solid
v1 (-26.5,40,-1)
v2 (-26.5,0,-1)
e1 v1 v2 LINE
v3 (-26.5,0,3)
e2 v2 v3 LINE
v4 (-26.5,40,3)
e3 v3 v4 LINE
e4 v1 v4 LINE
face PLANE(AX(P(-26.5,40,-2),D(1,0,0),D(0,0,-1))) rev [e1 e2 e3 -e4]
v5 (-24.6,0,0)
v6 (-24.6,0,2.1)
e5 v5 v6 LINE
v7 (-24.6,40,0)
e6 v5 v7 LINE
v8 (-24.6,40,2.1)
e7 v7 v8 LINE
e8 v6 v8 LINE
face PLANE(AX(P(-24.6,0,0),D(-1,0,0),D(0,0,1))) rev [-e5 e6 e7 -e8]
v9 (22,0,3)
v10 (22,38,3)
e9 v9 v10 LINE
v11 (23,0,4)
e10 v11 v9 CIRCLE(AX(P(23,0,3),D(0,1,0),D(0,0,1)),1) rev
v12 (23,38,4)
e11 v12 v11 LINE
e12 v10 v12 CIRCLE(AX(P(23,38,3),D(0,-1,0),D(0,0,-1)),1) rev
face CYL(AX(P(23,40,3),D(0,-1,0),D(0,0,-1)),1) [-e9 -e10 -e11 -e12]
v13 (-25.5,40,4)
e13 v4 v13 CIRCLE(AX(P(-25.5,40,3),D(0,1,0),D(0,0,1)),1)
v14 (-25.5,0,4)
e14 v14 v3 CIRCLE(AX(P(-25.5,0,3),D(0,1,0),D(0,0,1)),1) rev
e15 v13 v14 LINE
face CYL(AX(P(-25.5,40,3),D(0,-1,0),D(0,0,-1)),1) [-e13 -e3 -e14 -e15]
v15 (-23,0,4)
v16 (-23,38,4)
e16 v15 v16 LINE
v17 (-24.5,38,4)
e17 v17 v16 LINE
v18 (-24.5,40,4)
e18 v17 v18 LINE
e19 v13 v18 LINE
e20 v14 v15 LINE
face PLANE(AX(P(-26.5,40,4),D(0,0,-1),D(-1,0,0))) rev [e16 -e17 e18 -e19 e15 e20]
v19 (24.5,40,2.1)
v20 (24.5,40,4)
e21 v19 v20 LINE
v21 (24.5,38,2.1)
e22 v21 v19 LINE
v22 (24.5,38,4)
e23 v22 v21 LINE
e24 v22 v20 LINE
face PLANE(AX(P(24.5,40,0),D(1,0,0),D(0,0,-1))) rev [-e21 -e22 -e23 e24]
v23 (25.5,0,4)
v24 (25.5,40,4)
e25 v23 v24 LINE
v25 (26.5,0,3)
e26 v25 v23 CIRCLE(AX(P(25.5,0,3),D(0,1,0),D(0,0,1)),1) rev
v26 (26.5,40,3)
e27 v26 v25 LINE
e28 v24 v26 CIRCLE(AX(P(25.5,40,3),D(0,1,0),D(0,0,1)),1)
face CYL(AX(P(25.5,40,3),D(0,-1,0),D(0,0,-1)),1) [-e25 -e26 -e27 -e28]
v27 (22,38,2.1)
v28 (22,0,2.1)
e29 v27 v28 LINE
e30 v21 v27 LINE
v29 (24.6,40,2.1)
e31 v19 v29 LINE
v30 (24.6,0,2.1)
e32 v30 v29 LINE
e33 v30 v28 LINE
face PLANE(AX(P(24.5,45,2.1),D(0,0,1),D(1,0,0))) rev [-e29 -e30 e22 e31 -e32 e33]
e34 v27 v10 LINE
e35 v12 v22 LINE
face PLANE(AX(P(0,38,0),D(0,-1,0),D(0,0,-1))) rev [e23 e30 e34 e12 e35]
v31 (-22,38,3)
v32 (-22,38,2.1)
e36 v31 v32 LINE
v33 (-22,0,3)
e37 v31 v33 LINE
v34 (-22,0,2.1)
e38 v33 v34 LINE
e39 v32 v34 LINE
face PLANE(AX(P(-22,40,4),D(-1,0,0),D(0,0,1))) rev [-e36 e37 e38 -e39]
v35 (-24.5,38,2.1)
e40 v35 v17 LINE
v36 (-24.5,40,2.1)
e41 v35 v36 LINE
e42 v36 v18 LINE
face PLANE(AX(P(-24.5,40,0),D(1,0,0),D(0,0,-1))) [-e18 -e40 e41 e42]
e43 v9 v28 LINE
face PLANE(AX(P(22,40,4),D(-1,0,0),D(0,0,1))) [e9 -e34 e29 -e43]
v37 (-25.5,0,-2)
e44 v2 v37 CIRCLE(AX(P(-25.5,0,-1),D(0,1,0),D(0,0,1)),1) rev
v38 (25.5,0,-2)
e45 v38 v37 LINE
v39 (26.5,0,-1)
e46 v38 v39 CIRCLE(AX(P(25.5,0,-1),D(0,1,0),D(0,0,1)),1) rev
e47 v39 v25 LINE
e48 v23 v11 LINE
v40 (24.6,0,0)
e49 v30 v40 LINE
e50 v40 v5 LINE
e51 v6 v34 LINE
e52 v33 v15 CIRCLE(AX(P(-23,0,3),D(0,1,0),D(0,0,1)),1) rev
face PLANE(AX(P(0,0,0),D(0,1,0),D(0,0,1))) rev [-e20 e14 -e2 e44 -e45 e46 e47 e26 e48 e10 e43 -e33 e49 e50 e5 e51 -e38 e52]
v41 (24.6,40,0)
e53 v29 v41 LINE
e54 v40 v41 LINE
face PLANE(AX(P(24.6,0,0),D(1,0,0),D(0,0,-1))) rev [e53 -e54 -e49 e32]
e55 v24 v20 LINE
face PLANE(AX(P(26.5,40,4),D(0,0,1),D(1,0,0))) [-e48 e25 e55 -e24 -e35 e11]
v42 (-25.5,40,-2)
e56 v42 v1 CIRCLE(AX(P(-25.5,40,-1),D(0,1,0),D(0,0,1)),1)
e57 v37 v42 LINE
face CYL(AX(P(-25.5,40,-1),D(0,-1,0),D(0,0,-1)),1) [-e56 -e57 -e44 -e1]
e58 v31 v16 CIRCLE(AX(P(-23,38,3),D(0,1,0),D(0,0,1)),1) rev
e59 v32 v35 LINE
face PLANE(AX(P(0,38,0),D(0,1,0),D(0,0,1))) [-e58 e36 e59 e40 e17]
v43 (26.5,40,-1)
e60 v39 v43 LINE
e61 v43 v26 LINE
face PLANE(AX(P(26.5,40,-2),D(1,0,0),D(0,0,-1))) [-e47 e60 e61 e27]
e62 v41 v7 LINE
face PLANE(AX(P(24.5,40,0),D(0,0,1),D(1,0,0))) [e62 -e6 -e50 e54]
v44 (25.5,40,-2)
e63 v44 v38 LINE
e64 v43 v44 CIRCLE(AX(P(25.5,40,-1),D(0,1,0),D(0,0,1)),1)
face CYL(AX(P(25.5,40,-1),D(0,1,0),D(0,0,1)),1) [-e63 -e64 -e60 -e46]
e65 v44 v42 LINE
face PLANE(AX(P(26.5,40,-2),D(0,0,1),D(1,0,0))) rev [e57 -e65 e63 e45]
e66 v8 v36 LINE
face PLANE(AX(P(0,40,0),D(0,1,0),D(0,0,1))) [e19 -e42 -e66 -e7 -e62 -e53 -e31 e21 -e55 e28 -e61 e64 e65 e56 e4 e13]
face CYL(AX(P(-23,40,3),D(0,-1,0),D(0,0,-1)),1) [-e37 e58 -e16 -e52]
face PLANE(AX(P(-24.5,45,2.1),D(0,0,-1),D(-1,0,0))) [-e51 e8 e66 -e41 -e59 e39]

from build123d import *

# Parameters (mm, degrees)
BOSS_EXTRUDE1_DEPTH = 40
FILLET1_R           = 1
SKETCH3_W           = 3.059746362
SKETCH3_H           = 2.82490347
CUT_EXTRUDE1_DEPTH  = 2
SKETCH2_W           = 2.5
SKETCH2_H           = 2
SKETCH2_H_2         = 2.1
CUT_EXTRUDE2_DEPTH  = 45
SKETCH6_W           = 0.1
SKETCH6_H           = 2.1
CUT_EXTRUDE3_DEPTH  = 40


with BuildPart() as part:
    # Sketch1 → Boss-Extrude1 (new body)
    with BuildSketch(Plane(origin=(0, 0, 0), x_dir=(1, 0, 0), z_dir=(0, 1, 0))):
        Polygon((26.5, 2), (-26.5, 2), (-26.5, -4), (-22, -4), (-22, -2), (-24.5, -2), (-24.5, 0), (24.5, 0), (24.5, -2), (22, -2), (22, -4), (26.5, -4), align=None)
    extrude(amount=BOSS_EXTRUDE1_DEPTH)

    # Fillet1
    fillet1_edges = [part.edges().sort_by_distance(p)[0] for p in [
        (22, 20, 4),
        (26.5, 20, 4),
        (26.5, 20, -2),
        (-26.5, 20, -2),
        (-26.5, 20, 4),
        (-22, 20, 4),
    ]]
    fillet(fillet1_edges, radius=FILLET1_R)

    # Sketch3 → Cut-Extrude1 (cut)
    with BuildSketch(Plane(origin=(0, 40, 0), x_dir=(1, 0, 0), z_dir=(0, 1, 0))):
        Polygon((-24.5, -4.82490347), (-21.440253638, -4.82490347), (-21.343886973, -2.1), (-24.5, -2.1), align=None)
        with Locations((22.970126819, -3.412451735)):
            Rectangle(SKETCH3_W, SKETCH3_H)
    extrude(amount=-CUT_EXTRUDE1_DEPTH, mode=Mode.SUBTRACT)

    # Sketch2 → Cut-Extrude2 (cut)
    with BuildSketch(Plane(origin=(0, 0, 0), x_dir=(1, 0, 0), z_dir=(0, 1, 0))):
        with Locations((23.25, -1)):
            Rectangle(SKETCH2_W, SKETCH2_H)
        with Locations((-23.25, -1.05)):
            Rectangle(SKETCH2_W, SKETCH2_H_2)
    cut_extrude2 = extrude(amount=CUT_EXTRUDE2_DEPTH, mode=Mode.SUBTRACT)

    # Mirror1: Cut-Extrude2 across plane
    add(cut_extrude2.mirror(Plane(origin=(0, 0, 0), x_dir=(0, 0, 1), z_dir=(1, 0, 0))), mode=Mode.SUBTRACT)

    # Sketch6 → Cut-Extrude3 (cut)
    with BuildSketch(Plane(origin=(0, 40, 0), x_dir=(1, 0, 0), z_dir=(0, 1, 0))):
        with Locations((-24.55, -1.05)):
            Rectangle(SKETCH6_W, SKETCH6_H)
        with Locations((24.55, -1.05)):
            Rectangle(SKETCH6_W, SKETCH6_H)
    extrude(amount=-CUT_EXTRUDE3_DEPTH, mode=Mode.SUBTRACT)


solid = part.part
